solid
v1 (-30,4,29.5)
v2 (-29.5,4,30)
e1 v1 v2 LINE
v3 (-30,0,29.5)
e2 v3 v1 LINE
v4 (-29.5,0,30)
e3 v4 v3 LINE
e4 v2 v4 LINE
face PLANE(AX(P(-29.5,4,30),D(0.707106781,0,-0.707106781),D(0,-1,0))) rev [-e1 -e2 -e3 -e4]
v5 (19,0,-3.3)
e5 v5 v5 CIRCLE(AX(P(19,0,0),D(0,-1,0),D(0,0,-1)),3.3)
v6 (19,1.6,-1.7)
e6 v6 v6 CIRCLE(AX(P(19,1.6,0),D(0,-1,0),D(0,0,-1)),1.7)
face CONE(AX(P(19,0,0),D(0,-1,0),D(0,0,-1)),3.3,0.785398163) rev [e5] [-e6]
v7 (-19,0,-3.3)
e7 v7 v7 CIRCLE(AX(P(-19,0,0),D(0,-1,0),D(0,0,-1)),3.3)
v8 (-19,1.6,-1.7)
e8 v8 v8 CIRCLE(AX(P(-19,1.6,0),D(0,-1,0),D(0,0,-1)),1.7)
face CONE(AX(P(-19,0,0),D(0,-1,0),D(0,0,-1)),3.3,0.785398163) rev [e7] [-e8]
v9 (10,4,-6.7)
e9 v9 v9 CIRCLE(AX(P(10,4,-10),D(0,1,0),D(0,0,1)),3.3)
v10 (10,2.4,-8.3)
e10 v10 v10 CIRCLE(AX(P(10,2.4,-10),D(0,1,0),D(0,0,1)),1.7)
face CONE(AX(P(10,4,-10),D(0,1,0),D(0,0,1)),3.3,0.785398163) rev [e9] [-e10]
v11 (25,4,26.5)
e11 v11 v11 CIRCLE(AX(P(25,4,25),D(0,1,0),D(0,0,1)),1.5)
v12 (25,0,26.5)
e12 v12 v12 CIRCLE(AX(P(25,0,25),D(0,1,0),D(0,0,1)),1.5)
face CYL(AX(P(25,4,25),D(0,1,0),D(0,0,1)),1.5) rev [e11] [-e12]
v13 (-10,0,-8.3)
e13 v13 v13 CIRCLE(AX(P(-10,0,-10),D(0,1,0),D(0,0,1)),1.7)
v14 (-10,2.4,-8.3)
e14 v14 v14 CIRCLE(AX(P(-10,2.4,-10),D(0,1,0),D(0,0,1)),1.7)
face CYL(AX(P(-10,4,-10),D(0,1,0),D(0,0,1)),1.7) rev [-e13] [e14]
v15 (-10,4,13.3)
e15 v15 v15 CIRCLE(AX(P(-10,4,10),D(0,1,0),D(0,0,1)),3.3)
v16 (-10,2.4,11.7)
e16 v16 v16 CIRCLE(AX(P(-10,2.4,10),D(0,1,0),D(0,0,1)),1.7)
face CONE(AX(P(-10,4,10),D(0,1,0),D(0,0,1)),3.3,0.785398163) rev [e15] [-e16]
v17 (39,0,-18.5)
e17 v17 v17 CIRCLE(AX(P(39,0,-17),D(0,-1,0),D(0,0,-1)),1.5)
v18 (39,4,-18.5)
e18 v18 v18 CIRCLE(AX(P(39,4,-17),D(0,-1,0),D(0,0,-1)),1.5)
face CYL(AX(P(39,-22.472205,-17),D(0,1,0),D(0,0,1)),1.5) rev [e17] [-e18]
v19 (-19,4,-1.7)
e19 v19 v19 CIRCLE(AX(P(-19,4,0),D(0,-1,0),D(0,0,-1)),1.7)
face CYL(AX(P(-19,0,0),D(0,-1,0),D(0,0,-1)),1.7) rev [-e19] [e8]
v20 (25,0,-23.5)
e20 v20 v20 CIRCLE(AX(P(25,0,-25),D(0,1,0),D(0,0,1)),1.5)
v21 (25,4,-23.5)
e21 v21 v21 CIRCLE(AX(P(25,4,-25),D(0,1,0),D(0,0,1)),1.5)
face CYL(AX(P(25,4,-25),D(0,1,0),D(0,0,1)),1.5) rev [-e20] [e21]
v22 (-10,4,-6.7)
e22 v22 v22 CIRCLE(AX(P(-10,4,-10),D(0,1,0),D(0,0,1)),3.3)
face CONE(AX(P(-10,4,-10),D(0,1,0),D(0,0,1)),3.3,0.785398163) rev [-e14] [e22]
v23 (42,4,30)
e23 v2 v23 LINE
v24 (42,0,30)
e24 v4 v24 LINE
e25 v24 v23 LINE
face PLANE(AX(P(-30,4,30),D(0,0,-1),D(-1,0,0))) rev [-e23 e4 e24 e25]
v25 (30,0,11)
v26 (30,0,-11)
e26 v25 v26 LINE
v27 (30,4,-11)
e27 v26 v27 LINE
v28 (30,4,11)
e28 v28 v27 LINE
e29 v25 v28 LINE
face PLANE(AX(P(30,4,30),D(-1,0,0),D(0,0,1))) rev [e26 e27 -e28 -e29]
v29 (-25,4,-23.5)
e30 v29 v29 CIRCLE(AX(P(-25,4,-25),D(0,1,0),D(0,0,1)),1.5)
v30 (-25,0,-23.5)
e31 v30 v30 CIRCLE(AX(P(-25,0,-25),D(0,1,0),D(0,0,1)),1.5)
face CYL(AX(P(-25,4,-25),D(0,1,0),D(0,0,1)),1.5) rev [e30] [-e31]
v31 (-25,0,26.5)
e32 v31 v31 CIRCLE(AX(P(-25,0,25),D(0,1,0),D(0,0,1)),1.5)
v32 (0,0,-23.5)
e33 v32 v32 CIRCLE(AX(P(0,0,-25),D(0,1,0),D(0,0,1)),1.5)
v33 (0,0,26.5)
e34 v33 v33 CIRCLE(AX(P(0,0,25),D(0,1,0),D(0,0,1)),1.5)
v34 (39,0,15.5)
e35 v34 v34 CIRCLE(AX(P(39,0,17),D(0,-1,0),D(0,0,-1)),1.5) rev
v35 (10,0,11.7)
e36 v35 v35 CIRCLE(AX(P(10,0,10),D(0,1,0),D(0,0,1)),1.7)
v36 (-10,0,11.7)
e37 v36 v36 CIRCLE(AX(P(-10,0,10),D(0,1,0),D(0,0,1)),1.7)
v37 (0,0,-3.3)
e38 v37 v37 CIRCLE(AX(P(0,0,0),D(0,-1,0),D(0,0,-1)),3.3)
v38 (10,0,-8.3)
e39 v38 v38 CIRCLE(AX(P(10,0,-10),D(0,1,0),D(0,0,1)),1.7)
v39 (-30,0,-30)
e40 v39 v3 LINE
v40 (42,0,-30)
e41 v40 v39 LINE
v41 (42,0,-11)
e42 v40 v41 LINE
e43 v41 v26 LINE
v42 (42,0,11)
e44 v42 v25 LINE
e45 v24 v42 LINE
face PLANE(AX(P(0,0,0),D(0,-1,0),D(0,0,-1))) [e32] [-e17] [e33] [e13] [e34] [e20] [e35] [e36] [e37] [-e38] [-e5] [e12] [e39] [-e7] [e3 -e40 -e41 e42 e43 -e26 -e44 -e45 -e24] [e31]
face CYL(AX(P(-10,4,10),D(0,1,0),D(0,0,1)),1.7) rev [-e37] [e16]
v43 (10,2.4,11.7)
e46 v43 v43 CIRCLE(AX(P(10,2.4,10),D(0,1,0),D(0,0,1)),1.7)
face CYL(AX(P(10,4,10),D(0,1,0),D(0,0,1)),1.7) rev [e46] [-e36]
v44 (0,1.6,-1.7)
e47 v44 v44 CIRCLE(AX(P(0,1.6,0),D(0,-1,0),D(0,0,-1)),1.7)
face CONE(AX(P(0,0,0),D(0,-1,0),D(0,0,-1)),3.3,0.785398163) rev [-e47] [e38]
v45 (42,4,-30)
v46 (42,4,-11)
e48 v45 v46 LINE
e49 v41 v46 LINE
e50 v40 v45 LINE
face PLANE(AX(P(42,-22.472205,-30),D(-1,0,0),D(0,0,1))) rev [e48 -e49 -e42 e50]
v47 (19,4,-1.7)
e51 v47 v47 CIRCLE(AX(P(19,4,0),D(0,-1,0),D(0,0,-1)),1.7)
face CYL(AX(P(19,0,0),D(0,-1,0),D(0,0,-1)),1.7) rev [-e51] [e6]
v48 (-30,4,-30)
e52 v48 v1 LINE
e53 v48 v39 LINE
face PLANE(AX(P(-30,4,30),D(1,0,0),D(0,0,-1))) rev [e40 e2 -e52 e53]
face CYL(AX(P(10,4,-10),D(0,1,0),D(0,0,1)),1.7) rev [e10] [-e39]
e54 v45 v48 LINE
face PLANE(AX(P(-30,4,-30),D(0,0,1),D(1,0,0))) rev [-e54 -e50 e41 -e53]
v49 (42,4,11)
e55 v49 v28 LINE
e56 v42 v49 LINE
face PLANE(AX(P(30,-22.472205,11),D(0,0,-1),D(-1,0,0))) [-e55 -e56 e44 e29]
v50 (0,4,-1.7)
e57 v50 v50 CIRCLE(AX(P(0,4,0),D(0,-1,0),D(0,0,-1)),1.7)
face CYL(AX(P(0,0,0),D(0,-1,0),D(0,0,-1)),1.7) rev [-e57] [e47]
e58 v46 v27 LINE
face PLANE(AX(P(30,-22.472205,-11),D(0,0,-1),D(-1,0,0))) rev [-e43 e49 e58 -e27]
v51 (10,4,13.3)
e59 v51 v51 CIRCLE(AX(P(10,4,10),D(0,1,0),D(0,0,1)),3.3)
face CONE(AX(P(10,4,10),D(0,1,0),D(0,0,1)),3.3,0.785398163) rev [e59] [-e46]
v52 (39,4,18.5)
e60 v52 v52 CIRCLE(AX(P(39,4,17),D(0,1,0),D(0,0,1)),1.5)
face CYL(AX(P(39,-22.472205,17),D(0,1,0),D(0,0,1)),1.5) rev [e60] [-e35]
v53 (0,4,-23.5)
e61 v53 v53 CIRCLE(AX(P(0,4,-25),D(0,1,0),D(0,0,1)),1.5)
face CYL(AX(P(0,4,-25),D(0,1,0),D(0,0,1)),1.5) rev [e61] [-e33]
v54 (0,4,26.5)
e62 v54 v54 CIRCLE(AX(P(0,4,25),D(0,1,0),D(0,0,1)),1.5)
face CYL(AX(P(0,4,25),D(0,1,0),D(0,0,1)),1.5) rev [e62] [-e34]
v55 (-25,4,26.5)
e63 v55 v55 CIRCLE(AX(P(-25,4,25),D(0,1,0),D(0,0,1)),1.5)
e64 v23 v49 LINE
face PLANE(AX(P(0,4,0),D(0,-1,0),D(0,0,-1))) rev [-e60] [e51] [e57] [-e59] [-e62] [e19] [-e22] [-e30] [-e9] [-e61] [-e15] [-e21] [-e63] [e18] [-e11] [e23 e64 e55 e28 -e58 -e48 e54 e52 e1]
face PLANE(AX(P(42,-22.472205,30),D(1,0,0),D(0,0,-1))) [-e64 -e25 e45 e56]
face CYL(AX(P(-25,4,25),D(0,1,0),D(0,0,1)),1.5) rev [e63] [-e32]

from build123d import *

# Parameters (mm, degrees)
SKETCH_1_W                   = 60
SKETCH_1_H                   = 60
EXTRUDE_1_DEPTH              = 4
HOLE_WIZARD_M3_1_D           = 3.4
HOLE_WIZARD_M3_1_CSINK_D     = 6.6
HOLE_WIZARD_M3_1_CSINK_ANGLE = 90
HOLE_WIZARD_M3_2_D           = 3.4
HOLE_WIZARD_M3_2_CSINK_D     = 6.6
HOLE_WIZARD_M3_2_CSINK_ANGLE = 90
HOLE_WIZARD_1_D              = 3
SKETCH_9_W                   = 12
SKETCH_9_H                   = 19
SKETCH_9_R                   = 1.5
EXTRUDE_3_DEPTH              = 4
CHAMFER_1_SIZE               = 0.5


with BuildPart() as part:
    # 草图1 → 凸台-拉伸1 (new body)
    with BuildSketch(Plane(origin=(0, 0, 0), x_dir=(1, 0, 0), z_dir=(0, 1, 0))):
        Rectangle(SKETCH_1_W, SKETCH_1_H)
    extrude(amount=EXTRUDE_1_DEPTH)

    # M3 十字槽沉头木螺钉的锥形沉头孔1 (through all)
    with Locations(Plane(origin=(0, 4, 0), x_dir=(1, 0, 0), z_dir=(0, 1, 0))):
        with Locations((-10, 10), (10, 10), (10, -10), (-10, -10)):
            CounterSinkHole(HOLE_WIZARD_M3_1_D / 2, HOLE_WIZARD_M3_1_CSINK_D / 2, counter_sink_angle=HOLE_WIZARD_M3_1_CSINK_ANGLE)

    # M3 十字槽沉头木螺钉的锥形沉头孔2 (through all)
    with Locations(Plane(origin=(0, 0, 0), x_dir=(-1, 0, 0), z_dir=(0, -1, 0))):
        with Locations((19, 0), (0, 0), (-19, 0)):
            CounterSinkHole(HOLE_WIZARD_M3_2_D / 2, HOLE_WIZARD_M3_2_CSINK_D / 2, counter_sink_angle=HOLE_WIZARD_M3_2_CSINK_ANGLE)

    # 孔1 (through all)
    with Locations(Plane(origin=(0, 4, 0), x_dir=(1, 0, 0), z_dir=(0, 1, 0))):
        with Locations((25, 25), (25, -25), (0, -25), (-25, -25), (-25, 25), (0, 25)):
            Hole(HOLE_WIZARD_1_D / 2)

    # 草图9 → 凸台-拉伸3 (add)
    with BuildSketch(Plane(origin=(0, 4, 0), x_dir=(1, 0, 0), z_dir=(0, 1, 0))):
        with Locations((36, -20.5)):
            Rectangle(SKETCH_9_W, SKETCH_9_H)
        with Locations(Location((39, -17, 0), (0, 0, 270))):
            Circle(SKETCH_9_R, mode=Mode.SUBTRACT)
    extrude_3 = extrude(amount=-EXTRUDE_3_DEPTH)

    # 倒角1
    chamfer_1_edges = [part.edges().sort_by_distance(p)[0] for p in [
        (-30, 2, 30),
    ]]
    chamfer(chamfer_1_edges, length=CHAMFER_1_SIZE)

    # 镜向1: 凸台-拉伸3 across plane
    add(extrude_3.mirror(Plane.XY))


solid = part.part
